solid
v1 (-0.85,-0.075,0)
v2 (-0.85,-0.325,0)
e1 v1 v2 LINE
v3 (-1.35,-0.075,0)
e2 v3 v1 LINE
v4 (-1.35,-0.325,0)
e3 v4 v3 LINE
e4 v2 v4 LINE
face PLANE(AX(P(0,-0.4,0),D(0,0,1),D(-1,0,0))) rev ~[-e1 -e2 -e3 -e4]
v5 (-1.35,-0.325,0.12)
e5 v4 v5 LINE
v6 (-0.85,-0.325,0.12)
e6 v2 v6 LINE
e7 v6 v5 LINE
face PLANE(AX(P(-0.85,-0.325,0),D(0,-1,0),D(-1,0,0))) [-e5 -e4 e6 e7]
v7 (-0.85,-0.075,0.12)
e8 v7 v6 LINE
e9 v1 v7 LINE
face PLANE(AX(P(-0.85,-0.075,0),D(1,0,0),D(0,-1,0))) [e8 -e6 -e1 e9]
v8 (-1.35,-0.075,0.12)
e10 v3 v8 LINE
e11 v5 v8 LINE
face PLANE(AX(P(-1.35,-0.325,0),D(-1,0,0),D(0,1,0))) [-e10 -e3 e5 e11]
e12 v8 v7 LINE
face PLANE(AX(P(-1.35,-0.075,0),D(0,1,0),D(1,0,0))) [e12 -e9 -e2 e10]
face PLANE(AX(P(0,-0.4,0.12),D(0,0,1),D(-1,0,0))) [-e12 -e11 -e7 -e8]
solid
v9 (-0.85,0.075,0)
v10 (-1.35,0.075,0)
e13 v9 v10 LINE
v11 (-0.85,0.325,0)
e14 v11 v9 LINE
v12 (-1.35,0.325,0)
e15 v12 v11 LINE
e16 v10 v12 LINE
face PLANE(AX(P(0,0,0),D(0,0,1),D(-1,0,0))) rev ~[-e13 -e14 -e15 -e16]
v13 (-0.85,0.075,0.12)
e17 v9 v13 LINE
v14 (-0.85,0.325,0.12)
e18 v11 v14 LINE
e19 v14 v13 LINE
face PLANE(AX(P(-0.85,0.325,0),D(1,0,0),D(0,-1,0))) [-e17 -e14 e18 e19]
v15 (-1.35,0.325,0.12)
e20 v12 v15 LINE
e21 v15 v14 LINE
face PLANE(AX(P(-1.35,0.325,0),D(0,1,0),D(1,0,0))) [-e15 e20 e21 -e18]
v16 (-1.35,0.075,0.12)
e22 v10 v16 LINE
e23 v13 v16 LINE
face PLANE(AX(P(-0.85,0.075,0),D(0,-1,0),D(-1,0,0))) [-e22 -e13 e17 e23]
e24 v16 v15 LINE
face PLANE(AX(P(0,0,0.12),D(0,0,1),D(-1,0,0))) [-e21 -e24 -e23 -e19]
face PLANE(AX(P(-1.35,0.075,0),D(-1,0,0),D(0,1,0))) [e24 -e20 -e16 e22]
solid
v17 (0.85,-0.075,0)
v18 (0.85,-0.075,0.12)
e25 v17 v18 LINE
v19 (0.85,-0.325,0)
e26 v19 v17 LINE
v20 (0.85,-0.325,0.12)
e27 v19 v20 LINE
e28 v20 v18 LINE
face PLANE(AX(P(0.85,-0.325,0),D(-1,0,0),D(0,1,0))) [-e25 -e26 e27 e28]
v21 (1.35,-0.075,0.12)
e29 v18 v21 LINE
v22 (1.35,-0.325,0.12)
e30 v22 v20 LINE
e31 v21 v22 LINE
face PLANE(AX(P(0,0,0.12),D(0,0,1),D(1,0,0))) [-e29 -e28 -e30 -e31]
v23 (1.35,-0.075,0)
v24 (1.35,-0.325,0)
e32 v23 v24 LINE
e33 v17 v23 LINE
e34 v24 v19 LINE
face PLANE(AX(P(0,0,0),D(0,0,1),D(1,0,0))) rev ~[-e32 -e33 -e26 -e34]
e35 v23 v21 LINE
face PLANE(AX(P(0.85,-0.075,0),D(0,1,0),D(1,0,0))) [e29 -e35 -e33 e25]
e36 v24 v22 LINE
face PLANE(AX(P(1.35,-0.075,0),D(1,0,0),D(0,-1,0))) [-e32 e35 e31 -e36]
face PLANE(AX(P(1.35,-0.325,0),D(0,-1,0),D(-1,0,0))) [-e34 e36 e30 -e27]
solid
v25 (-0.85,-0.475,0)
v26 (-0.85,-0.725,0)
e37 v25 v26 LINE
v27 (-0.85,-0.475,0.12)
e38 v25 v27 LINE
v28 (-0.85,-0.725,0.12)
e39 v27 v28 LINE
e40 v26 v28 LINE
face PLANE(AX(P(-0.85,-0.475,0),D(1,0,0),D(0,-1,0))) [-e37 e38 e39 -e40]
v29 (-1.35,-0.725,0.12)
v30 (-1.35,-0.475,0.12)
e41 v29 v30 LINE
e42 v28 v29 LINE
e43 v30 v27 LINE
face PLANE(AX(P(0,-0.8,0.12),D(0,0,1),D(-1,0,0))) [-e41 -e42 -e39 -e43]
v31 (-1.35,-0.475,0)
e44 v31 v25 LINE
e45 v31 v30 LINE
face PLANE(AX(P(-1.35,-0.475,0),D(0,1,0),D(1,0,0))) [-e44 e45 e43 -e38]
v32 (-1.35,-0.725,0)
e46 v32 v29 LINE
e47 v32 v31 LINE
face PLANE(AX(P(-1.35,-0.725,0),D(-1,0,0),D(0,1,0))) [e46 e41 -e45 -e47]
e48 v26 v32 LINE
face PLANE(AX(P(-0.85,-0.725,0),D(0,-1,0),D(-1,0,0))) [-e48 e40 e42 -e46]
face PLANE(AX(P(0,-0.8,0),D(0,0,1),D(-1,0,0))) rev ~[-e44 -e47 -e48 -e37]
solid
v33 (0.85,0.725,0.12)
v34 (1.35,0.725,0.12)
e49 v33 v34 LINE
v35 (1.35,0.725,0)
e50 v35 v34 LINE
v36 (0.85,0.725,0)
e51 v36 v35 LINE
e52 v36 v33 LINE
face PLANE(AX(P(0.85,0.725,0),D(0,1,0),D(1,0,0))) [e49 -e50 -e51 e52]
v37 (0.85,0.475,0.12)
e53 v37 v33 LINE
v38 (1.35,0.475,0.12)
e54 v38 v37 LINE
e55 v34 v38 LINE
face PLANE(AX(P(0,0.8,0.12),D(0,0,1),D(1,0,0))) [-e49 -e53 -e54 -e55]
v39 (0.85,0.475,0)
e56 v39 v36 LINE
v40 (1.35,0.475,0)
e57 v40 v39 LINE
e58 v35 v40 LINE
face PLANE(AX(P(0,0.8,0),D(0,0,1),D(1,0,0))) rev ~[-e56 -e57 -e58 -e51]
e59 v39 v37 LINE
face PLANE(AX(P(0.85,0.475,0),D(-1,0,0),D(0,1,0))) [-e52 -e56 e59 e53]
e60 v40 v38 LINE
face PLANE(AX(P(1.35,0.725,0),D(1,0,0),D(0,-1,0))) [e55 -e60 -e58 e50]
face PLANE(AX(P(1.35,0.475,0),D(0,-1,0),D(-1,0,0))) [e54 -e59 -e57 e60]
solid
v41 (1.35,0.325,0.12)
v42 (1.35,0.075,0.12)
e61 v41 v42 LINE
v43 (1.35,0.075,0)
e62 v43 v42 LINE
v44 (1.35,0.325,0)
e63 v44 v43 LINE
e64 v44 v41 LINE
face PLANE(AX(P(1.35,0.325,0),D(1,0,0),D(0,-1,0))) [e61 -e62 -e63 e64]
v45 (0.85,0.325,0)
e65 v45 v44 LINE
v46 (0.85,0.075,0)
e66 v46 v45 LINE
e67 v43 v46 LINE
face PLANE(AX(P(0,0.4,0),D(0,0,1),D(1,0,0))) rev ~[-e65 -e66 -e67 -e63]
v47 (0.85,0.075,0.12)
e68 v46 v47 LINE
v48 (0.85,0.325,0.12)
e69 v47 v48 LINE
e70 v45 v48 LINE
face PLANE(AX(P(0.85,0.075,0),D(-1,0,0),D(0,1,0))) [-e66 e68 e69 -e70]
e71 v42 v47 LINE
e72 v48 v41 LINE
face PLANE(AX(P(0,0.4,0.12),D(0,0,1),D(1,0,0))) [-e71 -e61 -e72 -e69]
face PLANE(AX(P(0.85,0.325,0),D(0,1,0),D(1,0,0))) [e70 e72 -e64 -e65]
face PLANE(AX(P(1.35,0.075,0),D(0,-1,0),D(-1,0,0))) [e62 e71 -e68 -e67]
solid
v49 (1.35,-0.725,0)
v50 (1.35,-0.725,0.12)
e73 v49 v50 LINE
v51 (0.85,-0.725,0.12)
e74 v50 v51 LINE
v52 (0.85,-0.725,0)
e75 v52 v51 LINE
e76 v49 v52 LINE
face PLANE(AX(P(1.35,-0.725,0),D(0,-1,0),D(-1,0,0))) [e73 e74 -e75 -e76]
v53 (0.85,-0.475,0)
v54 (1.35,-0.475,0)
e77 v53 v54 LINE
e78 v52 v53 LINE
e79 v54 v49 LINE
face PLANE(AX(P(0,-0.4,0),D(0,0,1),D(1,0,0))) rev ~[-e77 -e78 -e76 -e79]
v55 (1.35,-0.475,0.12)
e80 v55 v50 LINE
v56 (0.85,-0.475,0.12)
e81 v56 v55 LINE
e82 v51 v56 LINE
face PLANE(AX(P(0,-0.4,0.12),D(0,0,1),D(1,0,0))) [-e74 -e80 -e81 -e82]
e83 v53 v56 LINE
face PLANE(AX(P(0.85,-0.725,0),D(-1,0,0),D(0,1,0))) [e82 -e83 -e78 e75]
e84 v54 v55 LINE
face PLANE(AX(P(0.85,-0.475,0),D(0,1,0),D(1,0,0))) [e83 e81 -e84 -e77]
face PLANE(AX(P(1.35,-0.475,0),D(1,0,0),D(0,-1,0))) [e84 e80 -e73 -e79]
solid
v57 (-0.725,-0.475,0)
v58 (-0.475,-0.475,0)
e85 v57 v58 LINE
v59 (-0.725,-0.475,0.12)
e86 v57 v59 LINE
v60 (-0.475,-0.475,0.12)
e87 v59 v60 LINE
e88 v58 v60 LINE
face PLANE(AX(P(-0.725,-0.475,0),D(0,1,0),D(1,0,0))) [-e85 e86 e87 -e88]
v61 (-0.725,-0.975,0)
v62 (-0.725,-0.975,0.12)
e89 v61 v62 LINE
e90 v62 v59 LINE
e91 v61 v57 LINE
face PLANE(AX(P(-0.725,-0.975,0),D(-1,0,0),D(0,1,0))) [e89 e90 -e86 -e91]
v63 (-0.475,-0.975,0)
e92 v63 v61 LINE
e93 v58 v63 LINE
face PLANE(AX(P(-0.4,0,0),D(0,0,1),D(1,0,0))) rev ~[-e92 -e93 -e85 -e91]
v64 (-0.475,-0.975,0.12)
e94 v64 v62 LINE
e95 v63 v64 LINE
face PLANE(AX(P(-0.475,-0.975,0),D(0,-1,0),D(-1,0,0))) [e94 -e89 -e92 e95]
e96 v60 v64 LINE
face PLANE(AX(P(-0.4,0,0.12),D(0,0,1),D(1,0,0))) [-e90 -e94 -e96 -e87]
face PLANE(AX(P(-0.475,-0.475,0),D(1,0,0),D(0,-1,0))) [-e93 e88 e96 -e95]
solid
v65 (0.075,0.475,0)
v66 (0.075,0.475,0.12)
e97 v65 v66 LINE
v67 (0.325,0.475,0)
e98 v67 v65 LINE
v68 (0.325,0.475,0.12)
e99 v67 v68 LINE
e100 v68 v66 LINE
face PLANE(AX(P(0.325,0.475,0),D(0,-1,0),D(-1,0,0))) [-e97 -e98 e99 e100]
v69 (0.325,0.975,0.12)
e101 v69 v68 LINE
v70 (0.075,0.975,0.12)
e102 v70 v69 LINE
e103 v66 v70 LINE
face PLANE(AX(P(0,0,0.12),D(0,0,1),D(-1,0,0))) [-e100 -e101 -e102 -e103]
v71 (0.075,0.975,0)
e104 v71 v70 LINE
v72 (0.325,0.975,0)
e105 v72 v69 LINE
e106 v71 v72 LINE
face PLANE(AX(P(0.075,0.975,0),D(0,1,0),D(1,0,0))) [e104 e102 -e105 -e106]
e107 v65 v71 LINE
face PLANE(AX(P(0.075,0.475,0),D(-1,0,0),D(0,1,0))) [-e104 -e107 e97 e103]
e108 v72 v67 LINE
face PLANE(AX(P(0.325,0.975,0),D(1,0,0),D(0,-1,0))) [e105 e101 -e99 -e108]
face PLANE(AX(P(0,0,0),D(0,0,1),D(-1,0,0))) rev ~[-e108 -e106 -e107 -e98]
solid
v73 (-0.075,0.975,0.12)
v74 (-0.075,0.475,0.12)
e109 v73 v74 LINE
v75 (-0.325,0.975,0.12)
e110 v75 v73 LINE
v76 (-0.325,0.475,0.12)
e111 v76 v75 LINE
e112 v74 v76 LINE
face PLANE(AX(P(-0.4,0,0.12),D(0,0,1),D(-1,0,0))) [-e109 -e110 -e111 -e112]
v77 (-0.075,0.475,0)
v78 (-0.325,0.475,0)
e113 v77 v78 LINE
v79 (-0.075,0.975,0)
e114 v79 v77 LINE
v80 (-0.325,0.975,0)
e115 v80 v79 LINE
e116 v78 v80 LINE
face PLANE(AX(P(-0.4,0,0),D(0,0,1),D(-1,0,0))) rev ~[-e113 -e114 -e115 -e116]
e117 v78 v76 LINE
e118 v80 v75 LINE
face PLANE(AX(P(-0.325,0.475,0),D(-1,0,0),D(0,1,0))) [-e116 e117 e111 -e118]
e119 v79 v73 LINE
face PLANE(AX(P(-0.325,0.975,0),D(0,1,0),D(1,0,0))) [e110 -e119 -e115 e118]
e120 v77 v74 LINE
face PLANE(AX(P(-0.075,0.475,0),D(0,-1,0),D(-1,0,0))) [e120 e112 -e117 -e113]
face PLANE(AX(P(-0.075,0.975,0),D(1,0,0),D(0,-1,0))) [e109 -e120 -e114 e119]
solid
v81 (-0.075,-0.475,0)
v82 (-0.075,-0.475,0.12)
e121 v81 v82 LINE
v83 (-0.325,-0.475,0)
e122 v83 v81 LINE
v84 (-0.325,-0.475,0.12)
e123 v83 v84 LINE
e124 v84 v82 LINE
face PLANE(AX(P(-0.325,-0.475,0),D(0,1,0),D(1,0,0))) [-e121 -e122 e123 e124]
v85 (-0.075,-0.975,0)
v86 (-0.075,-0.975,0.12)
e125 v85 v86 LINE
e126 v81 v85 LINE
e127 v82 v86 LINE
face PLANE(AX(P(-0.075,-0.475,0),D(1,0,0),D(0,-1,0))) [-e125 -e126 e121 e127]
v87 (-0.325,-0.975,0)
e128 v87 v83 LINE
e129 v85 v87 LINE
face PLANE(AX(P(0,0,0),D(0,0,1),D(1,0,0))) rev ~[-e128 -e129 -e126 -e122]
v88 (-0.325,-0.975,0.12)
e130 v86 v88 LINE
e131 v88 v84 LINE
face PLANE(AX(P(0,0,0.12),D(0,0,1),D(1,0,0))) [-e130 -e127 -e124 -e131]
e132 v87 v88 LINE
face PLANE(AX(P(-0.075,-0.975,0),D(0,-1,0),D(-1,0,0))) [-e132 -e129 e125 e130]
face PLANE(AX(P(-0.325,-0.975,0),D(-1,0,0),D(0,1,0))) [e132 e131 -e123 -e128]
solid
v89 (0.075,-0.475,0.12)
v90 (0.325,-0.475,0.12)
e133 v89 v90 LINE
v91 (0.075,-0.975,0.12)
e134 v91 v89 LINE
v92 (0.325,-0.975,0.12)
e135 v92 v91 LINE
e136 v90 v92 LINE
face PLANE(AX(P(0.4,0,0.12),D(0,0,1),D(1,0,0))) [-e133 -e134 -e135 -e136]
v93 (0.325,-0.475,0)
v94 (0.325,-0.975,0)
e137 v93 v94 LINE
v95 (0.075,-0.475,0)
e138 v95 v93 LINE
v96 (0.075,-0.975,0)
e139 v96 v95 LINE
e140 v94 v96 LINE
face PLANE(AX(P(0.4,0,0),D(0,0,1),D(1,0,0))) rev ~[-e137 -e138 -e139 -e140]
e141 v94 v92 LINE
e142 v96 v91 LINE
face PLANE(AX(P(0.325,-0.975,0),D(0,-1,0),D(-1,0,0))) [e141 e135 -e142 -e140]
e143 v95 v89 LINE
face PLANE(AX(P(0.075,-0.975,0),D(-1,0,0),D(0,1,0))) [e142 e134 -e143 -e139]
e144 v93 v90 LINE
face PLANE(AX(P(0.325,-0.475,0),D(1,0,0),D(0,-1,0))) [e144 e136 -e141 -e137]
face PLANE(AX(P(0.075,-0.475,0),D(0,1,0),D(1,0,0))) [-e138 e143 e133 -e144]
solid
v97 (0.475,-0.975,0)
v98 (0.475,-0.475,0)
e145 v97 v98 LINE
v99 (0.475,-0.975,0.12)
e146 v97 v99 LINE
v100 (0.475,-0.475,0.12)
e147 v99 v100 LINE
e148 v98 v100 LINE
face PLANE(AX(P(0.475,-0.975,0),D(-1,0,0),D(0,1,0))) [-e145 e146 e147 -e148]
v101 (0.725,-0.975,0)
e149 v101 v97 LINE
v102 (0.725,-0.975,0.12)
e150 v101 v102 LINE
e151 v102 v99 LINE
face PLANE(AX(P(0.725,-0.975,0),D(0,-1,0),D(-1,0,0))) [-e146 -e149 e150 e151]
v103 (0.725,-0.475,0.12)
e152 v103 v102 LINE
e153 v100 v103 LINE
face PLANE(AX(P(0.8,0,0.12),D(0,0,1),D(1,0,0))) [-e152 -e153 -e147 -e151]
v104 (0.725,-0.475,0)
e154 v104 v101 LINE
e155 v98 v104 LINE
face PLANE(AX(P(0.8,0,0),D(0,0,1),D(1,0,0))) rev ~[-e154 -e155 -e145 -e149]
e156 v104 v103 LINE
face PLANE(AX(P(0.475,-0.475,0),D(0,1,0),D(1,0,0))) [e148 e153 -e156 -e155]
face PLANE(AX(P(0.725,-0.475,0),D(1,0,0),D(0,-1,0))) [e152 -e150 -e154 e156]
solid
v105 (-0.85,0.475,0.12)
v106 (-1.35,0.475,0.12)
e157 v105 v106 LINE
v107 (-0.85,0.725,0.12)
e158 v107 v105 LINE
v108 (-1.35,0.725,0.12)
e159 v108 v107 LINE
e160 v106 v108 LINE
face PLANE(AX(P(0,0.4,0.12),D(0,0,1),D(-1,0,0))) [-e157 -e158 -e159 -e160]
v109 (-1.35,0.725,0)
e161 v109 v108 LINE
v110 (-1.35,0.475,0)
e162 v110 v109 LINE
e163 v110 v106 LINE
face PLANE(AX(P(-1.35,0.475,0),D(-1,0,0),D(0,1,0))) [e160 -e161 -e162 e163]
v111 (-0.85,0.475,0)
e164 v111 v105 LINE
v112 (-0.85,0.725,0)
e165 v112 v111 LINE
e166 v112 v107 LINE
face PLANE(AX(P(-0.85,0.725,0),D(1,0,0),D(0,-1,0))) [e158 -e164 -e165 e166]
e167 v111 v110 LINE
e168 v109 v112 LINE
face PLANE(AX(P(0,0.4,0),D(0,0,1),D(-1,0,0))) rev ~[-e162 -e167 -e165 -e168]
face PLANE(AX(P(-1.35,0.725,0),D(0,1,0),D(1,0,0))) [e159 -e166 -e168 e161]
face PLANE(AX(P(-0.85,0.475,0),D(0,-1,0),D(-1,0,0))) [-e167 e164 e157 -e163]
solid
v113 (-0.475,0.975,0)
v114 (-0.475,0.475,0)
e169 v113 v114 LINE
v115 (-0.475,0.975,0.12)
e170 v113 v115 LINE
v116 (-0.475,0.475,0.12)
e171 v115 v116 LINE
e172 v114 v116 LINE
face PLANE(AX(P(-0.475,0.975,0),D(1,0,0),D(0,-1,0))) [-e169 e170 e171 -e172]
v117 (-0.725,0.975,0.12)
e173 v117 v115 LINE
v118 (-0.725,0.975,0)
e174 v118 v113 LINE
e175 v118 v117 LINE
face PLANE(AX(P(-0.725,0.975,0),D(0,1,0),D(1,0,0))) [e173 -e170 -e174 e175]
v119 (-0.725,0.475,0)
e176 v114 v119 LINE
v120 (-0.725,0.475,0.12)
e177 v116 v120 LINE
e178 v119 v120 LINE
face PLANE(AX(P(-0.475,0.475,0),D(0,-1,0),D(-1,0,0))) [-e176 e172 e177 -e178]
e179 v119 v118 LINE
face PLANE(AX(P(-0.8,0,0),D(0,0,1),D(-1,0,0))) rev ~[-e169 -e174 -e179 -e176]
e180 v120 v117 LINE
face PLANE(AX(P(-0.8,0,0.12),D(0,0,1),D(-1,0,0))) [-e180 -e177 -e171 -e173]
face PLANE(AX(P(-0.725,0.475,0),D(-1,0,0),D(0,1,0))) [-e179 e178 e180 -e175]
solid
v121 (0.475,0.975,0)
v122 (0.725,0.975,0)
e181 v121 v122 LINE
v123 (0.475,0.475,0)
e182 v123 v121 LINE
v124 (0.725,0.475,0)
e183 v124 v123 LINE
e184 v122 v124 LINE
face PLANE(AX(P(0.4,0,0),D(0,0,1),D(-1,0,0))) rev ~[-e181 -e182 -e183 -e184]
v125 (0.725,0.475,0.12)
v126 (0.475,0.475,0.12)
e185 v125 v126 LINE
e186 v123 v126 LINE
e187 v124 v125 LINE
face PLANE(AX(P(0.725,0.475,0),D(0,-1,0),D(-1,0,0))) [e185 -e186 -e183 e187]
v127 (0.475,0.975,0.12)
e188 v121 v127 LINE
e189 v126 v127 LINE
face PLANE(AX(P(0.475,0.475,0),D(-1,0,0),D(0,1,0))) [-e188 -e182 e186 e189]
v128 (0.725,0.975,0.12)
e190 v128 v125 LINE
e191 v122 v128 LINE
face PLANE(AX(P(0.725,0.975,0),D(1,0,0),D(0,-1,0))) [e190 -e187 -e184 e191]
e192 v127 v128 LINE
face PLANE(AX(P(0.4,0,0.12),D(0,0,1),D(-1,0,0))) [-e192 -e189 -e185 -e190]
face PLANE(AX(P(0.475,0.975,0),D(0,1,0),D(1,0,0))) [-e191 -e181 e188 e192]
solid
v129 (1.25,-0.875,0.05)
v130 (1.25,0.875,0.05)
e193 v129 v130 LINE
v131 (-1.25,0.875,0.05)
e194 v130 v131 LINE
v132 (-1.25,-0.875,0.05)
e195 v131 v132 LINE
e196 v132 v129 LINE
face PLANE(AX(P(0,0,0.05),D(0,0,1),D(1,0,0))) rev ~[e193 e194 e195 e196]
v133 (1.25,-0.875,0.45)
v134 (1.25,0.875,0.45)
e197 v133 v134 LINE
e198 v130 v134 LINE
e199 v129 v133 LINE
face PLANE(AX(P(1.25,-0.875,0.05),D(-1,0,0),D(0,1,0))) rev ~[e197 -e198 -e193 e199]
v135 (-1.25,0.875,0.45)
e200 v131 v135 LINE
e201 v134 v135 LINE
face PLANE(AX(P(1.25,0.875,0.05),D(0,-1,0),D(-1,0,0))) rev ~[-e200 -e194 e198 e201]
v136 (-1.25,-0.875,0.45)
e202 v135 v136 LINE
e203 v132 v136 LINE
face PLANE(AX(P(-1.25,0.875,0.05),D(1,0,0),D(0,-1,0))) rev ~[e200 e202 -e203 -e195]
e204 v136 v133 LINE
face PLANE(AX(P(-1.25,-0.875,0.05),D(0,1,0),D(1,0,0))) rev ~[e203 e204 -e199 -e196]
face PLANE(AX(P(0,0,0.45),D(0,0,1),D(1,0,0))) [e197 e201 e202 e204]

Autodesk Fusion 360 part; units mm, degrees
ref_plane "WorkPlane1" through (0, 0, 0.05) normal (0, 0, 1) x (1, 0, 0) in component "Component"
sketch "Sketch1" plane through (0, 0, 0.05) normal (0, 0, 1) x (1, 0, 0) in component "Component"
  line L0 (1.25, 0.875) -> (-1.25, 0.875)
  line L1 (-1.25, 0.875) -> (-1.25, -0.875)
  line L2 (-1.25, -0.875) -> (1.25, -0.875)
  line L3 (1.25, -0.875) -> (1.25, 0.875)
  line L4 (1.25, 0.875) -> (-1.25, -0.875) construction
  line L5 (-1.25, 0.875) -> (1.25, -0.875) construction
  dimension "d9" = 2.5
  dimension "d10" = 1.75
extrude "Extrude1" add sketch "Sketch1" along normal blind 0.4 makes body 1 in component "Component"
sketch "Sketch1 (2)" plane through (0, 0, 0) normal (0, 0, 1) x (1, 0, 0) in component "lead"
  line L0 (0.85, -0.075) -> (1.35, -0.075)
  line L1 (1.35, -0.075) -> (1.35, -0.325)
  line L2 (1.35, -0.325) -> (0.85, -0.325)
  line L3 (0.85, -0.325) -> (0.85, -0.075)
  line L4 (-0.325, -0.475) -> (-0.075, -0.475)
  line L5 (-0.075, -0.475) -> (-0.075, -0.975)
  line L6 (-0.075, -0.975) -> (-0.325, -0.975)
  line L7 (-0.325, -0.975) -> (-0.325, -0.475)
  point P0 (0.85, -0.2)
  point P1 (-0.2, -0.475)
  dimension "d15" = 0.25
  dimension "d16" = 0.5
  dimension "d17" = 1.35
  dimension "d24" = 0.2
  dimension "d27" = 0.25
  dimension "d28" = 0.5
  dimension "d29" = 0.2
  dimension "d30" = 0.975
extrude "Extrude1'" add sketch "Sketch1 (2)" along normal blind 0.12 separate body contours L0 L1 L2 L3 makes body 2 in component "lead"
pattern_linear "R-Pattern1" count 4 spacing 0.4 along (0, 1, 0) both ways of "Extrude1'" makes body 3 makes body 4 makes body 5 in component "lead"
pattern_circular "C-Pattern1" count 2 over 360 about axis through (0, 0, 1.75) along (0, 0, 1) of "R-Pattern1", "Extrude1'" makes body 6 makes body 7 makes body 8 makes body 9 in component "lead"
extrude "Extrude2" add sketch "Sketch1 (2)" along normal blind 0.12 separate body contours L4 L5 L6 L7 makes body 10 in component "lead"
pattern_linear "R-Pattern2" count 4 spacing 0.4 along (1, 0, 0) both ways of "Extrude2" makes body 11 makes body 12 makes body 13 in component "lead"
pattern_circular "C-Pattern2" count 2 over 360 about axis through (0, 0, 1.75) along (0, 0, 1) of "R-Pattern2", "Extrude2" makes body 14 makes body 15 makes body 16 makes body 17 in component "lead"
component "Component" placed x (1, 0, 0) y (0, 1, 0) z (0, 0, 1) at (0, 0, 0)
component "lead" placed x (1, 0, 0) y (0, 1, 0) z (0, 0, 1) at (0, 0, 0)
equation "qfp16_3_2_above_board = 0.05 mm"
equation "qfp16_3_2_package_width = 2.5 mm"
equation "qfp16_3_2_package_length = 1.75 mm"
equation "qfp16_3_2_package_height = 0.4 mm"
equation "qfp16_3_2_lead_thick = 0.12 mm"
equation "qfp16_3_2_lead_width = 0.25 mm"
equation "qfp16_3_2_lead_spacing = 0.4 mm"
equation "d8 = qfp16_3_2_above_board"
equation "d9 = qfp16_3_2_package_width"
equation "d10 = qfp16_3_2_package_length"
equation "d11 = qfp16_3_2_package_height"
equation "qfp16_3_2_lead_length = 0.5 mm"
equation "qfp16_3_2_lead_extension = 0.1 mm"
equation "d15 = qfp16_3_2_lead_width"
equation "d16 = qfp16_3_2_lead_length"
equation "d17 = qfp16_3_2_package_width / 2 + qfp16_3_2_lead_extension"
equation "d18 = qfp16_3_2_lead_thick"
equation "d22 = qfp16_3_2_lead_spacing"
equation "d24 = qfp16_3_2_lead_spacing / 2"
equation "d27 = qfp16_3_2_lead_width"
equation "d28 = qfp16_3_2_lead_length"
equation "d29 = qfp16_3_2_lead_spacing / 2"
equation "d30 = qfp16_3_2_package_length / 2 + qfp16_3_2_lead_extension"
equation "d31 = qfp16_3_2_lead_thick"
equation "d35 = qfp16_3_2_lead_spacing"
